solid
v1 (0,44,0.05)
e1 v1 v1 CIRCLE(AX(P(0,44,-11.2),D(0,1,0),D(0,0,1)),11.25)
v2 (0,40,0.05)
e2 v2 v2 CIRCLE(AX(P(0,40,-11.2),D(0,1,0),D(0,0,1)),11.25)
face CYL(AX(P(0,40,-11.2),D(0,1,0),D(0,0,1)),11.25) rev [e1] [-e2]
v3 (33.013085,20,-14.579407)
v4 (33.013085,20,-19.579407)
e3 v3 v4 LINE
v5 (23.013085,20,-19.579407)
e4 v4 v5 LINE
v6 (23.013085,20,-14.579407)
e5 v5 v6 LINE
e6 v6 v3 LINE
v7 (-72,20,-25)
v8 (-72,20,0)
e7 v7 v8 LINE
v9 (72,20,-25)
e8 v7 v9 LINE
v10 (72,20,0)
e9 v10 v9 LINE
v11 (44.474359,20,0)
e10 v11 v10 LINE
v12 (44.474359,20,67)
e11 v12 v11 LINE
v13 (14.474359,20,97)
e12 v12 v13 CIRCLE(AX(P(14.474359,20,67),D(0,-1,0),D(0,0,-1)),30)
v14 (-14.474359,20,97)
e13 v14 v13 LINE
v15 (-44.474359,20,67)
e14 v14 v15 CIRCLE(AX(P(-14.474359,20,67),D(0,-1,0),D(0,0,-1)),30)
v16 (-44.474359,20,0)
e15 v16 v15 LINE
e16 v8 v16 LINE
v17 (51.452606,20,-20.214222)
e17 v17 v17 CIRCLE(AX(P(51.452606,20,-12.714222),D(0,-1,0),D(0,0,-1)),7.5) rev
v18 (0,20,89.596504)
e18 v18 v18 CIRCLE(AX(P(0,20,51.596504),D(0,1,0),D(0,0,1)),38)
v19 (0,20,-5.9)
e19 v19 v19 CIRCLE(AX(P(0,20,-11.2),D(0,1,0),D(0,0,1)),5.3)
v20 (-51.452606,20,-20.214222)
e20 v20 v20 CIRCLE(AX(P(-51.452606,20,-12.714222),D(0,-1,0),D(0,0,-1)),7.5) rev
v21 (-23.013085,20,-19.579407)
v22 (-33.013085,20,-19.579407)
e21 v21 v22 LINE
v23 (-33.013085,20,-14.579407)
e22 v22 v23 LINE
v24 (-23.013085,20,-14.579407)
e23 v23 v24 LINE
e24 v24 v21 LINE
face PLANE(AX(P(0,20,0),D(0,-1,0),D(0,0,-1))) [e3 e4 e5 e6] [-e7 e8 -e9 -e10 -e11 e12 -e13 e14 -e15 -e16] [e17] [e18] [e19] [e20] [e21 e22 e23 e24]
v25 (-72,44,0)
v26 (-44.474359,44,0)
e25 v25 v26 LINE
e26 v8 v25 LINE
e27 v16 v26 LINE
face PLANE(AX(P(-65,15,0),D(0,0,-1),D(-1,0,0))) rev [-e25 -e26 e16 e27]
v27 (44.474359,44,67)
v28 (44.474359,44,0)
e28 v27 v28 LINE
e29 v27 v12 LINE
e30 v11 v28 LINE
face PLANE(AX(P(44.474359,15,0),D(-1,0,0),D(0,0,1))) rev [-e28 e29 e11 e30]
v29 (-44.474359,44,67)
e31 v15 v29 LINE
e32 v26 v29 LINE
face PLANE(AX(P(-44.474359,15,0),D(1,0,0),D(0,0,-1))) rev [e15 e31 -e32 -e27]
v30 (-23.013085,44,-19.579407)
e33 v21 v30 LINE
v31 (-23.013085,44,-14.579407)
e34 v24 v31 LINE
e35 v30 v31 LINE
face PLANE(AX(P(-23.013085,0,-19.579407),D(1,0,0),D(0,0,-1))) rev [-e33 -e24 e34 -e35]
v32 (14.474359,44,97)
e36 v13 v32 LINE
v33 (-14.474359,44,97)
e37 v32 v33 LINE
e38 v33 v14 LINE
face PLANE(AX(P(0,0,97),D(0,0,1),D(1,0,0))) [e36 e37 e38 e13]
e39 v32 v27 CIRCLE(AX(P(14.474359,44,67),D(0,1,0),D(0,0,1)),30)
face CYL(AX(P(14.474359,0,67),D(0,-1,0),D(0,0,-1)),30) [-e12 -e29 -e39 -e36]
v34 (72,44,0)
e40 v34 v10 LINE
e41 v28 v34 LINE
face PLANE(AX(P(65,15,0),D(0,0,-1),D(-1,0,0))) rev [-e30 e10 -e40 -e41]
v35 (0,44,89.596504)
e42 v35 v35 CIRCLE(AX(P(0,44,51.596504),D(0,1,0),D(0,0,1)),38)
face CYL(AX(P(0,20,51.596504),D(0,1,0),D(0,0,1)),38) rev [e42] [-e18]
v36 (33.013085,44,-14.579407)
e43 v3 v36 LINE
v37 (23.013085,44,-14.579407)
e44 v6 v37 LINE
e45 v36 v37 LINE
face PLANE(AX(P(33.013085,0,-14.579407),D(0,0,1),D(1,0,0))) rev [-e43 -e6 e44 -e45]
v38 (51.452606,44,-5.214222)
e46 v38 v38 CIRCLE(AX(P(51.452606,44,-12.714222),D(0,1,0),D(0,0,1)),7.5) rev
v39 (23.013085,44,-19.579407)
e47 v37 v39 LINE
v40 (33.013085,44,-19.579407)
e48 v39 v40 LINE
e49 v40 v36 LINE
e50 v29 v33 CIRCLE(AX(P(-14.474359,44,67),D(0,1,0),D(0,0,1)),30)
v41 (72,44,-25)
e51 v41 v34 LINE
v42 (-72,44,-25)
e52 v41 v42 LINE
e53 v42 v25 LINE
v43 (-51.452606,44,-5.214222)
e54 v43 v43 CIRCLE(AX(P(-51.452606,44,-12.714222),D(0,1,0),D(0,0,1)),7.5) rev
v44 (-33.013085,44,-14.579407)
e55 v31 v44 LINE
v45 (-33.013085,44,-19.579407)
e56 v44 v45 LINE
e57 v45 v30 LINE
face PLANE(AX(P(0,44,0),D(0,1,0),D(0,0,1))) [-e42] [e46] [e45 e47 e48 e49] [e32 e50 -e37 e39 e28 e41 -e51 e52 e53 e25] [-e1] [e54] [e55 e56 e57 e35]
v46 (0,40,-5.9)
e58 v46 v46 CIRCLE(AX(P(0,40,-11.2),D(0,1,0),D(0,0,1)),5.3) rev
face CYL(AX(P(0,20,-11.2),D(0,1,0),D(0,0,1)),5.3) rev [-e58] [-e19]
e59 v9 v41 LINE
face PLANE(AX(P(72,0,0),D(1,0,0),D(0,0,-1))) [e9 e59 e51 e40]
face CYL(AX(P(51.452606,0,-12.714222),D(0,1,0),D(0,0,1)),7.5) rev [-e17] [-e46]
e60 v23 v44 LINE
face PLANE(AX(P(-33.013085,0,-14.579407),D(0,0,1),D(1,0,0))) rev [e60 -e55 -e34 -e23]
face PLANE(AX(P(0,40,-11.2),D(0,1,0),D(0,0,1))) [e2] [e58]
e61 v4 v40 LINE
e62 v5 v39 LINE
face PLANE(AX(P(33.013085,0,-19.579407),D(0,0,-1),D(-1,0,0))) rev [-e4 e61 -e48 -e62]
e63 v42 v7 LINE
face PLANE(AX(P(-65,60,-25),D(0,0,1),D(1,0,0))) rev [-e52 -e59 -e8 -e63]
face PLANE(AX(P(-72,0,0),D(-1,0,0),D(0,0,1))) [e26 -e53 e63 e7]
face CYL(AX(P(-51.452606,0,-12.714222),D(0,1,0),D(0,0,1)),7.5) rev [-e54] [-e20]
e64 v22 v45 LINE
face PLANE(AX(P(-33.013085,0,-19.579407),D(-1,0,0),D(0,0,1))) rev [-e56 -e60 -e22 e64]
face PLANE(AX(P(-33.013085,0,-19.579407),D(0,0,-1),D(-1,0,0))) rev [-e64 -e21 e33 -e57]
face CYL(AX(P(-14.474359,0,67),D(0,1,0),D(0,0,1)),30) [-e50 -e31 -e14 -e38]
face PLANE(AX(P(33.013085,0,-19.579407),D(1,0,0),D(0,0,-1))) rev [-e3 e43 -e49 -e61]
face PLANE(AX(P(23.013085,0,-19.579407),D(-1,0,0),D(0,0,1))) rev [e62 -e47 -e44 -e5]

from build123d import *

# Parameters (mm, degrees)
BOSS_EXTRUDE1_DEPTH = 60
SKETCH2_R           = 7.5
CUT_EXTRUDE1_DEPTH  = 60
SKETCH3_R           = 5.25
CUT_EXTRUDE2_DEPTH  = 60
SKETCH4_R           = 11.5
CUT_EXTRUDE3_DEPTH  = 4
SKETCH5_W           = 10
SKETCH5_H           = 5
CUT_EXTRUDE4_DEPTH  = 60
SKETCH6_W           = 130
SKETCH6_H           = 90
BOSS_EXTRUDE2_DEPTH = 60
SKETCH8_W           = 130
SKETCH8_H           = 115
CUT_EXTRUDE6_DEPTH  = 20
SKETCH9_W           = 20.525641278
SKETCH9_H           = 90
CUT_EXTRUDE7_DEPTH  = 45
SKETCH7_R           = 38.5
CUT_EXTRUDE8_DEPTH  = 40
SKETCH12_W          = 88.948717444
SKETCH12_H          = 40
BOSS_EXTRUDE4_DEPTH = 7
SKETCH13_W          = 25
SKETCH13_H          = 40
BOSS_EXTRUDE5_DEPTH = 7
SKETCH14_W          = 25
SKETCH14_H          = 40
BOSS_EXTRUDE6_DEPTH = 7
SKETCH16_W          = 144.296296296
SKETCH16_H          = 122.248772368
CUT_EXTRUDE9_DEPTH  = 16
SKETCH23_R          = 10.574878896
BOSS_EXTRUDE7_DEPTH = 24
SKETCH24_R          = 5.3
CUT_EXTRUDE11_DEPTH = 24
SKETCH25_R          = 11.25
CUT_EXTRUDE12_DEPTH = 4
SKETCH26_R          = 41.241524366
BOSS_EXTRUDE8_DEPTH = 24
SKETCH27_R          = 38
CUT_EXTRUDE13_DEPTH = 24
FILLET2_R           = 30


with BuildPart() as part:
    # Sketch1 → Boss-Extrude1 (new body)
    with BuildSketch(Plane(origin=(0, 0, 0), x_dir=(1, 0, 0), z_dir=(0, 1, 0))):
        with BuildLine():
            Line((-65, 25), (65, 25))
            Line((65, 25), (65, -25))
            Line((65, -25), (32.897568299, -25))
            ThreePointArc((32.897568299, -25), (0, -6.5), (-32.897568299, -25))
            Line((-32.897568299, -25), (-65, -25))
            Line((-65, -25), (-65, 25))
        make_face()
    extrude(amount=BOSS_EXTRUDE1_DEPTH)

    # Sketch2 → Cut-Extrude1 (cut)
    with BuildSketch(Plane(origin=(0, 60, 0), x_dir=(1, 0, 0), z_dir=(0, 1, 0))):
        with Locations(Location((-51.452605548, 12.714222387, 0), (0, 0, 270))):
            Circle(SKETCH2_R)
        with Locations(Location((51.452605548, 12.714222387, 0), (0, 0, 90))):
            Circle(SKETCH2_R)
    extrude(amount=-CUT_EXTRUDE1_DEPTH, mode=Mode.SUBTRACT)

    # Sketch3 → Cut-Extrude2 (cut)
    with BuildSketch(Plane(origin=(0, 60, 0), x_dir=(1, 0, 0), z_dir=(0, 1, 0))):
        with Locations(Location((0, 12.714222387, 0), (0, 0, 270))):
            Circle(SKETCH3_R)
    extrude(amount=-CUT_EXTRUDE2_DEPTH, mode=Mode.SUBTRACT)

    # Sketch4 → Cut-Extrude3 (cut)
    with BuildSketch(Plane(origin=(0, 60, 0), x_dir=(1, 0, 0), z_dir=(0, 1, 0))):
        with Locations(Location((0, 12.714222387, 0), (0, 0, 270))):
            Circle(SKETCH4_R)
    extrude(amount=-CUT_EXTRUDE3_DEPTH, mode=Mode.SUBTRACT)

    # Sketch5 → Cut-Extrude4 (cut)
    with BuildSketch(Plane(origin=(0, 60, 0), x_dir=(1, 0, 0), z_dir=(0, 1, 0))):
        with Locations((-52.884181241, -16.580341224)):
            Rectangle(SKETCH5_W, SKETCH5_H)
        with Locations((-28.013085243, 17.079406564)):
            Rectangle(SKETCH5_W, SKETCH5_H)
        with Locations((52.884181241, -16.580341224)):
            Rectangle(SKETCH5_W, SKETCH5_H)
        with Locations((28.013085243, 17.079406564)):
            Rectangle(SKETCH5_W, SKETCH5_H)
    extrude(amount=-CUT_EXTRUDE4_DEPTH, mode=Mode.SUBTRACT)

    # Sketch6 → Boss-Extrude2 (add)
    with BuildSketch(Plane(origin=(0, 60, 0), x_dir=(1, 0, 0), z_dir=(0, 1, 0))):
        with Locations((0, -45)):
            Rectangle(SKETCH6_W, SKETCH6_H)
    extrude(amount=-BOSS_EXTRUDE2_DEPTH)

    # Sketch8 → Cut-Extrude6 (cut)
    with BuildSketch(Plane.XZ):
        with Locations((0, 32.5)):
            Rectangle(SKETCH8_W, SKETCH8_H)
    extrude(amount=-CUT_EXTRUDE6_DEPTH, mode=Mode.SUBTRACT)

    # Sketch9 → Cut-Extrude7 (cut)
    with BuildSketch(Plane(origin=(0, 60, 0), x_dir=(1, 0, 0), z_dir=(0, 1, 0))):
        with Locations((-54.737179361, -45)):
            Rectangle(SKETCH9_W, SKETCH9_H)
        with Locations((54.737179361, -45)):
            Rectangle(SKETCH9_W, SKETCH9_H)
    extrude(amount=-CUT_EXTRUDE7_DEPTH, mode=Mode.SUBTRACT)

    # Sketch7 → Cut-Extrude8 (cut)
    with BuildSketch(Plane(origin=(0, 60, 0), x_dir=(1, 0, 0), z_dir=(0, 1, 0))):
        with Locations(Location((0, -51.285777613, 0), (0, 0, 270))):
            Circle(SKETCH7_R)
    extrude(amount=-CUT_EXTRUDE8_DEPTH, mode=Mode.SUBTRACT)

    # Sketch12 → Boss-Extrude4 (add)
    with BuildSketch(Plane.XY.offset(90)):
        with Locations((0, 40)):
            Rectangle(SKETCH12_W, SKETCH12_H)
    extrude(amount=BOSS_EXTRUDE4_DEPTH)

    # Sketch13 → Boss-Extrude5 (add)
    with BuildSketch(Plane(origin=(65, 0, 0), x_dir=(0, 0, -1), z_dir=(1, 0, 0))):
        with Locations((12.5, 40)):
            Rectangle(SKETCH13_W, SKETCH13_H)
    extrude(amount=BOSS_EXTRUDE5_DEPTH)

    # Sketch14 → Boss-Extrude6 (add)
    with BuildSketch(Plane.ZY.offset(65)):
        with Locations((-12.5, 40)):
            Rectangle(SKETCH14_W, SKETCH14_H)
    extrude(amount=BOSS_EXTRUDE6_DEPTH)

    # Sketch16 → Cut-Extrude9 (cut)
    with BuildSketch(Plane(origin=(0, 60, 0), x_dir=(1, 0, 0), z_dir=(0, 1, 0))):
        with Locations((0.148148148, -36.124386184)):
            Rectangle(SKETCH16_W, SKETCH16_H)
    extrude(amount=-CUT_EXTRUDE9_DEPTH, mode=Mode.SUBTRACT)

    # Sketch23 → Boss-Extrude7 (add)
    with BuildSketch(Plane(origin=(0, 44, 0), x_dir=(1, 0, 0), z_dir=(0, 1, 0))):
        with Locations((0, 12.714222387)):
            Circle(SKETCH23_R)
    extrude(amount=-BOSS_EXTRUDE7_DEPTH)

    # Sketch24 → Cut-Extrude11 (cut)
    with BuildSketch(Plane(origin=(0, 44, 0), x_dir=(1, 0, 0), z_dir=(0, 1, 0))):
        with Locations(Location((0, 11.2, 0), (0, 0, 270))):
            Circle(SKETCH24_R)
    extrude(amount=-CUT_EXTRUDE11_DEPTH, mode=Mode.SUBTRACT)

    # Sketch25 → Cut-Extrude12 (cut)
    with BuildSketch(Plane(origin=(0, 44, 0), x_dir=(1, 0, 0), z_dir=(0, 1, 0))):
        with Locations(Location((0, 11.2, 0), (0, 0, 270))):
            Circle(SKETCH25_R)
    extrude(amount=-CUT_EXTRUDE12_DEPTH, mode=Mode.SUBTRACT)

    # Sketch26 → Boss-Extrude8 (add)
    with BuildSketch(Plane(origin=(0, 44, 0), x_dir=(1, 0, 0), z_dir=(0, 1, 0))):
        with Locations((0, -51.285777613)):
            Circle(SKETCH26_R)
    extrude(amount=-BOSS_EXTRUDE8_DEPTH)

    # Sketch27 → Cut-Extrude13 (cut)
    with BuildSketch(Plane(origin=(0, 44, 0), x_dir=(1, 0, 0), z_dir=(0, 1, 0))):
        with Locations(Location((0, -51.59650437, 0), (0, 0, 270))):
            Circle(SKETCH27_R)
    extrude(amount=-CUT_EXTRUDE13_DEPTH, mode=Mode.SUBTRACT)

    # Fillet2
    fillet2_edges = [part.edges().sort_by_distance(p)[0] for p in [
        (44.474358722, 32, 97),
        (-44.474358722, 32, 97),
    ]]
    fillet(fillet2_edges, radius=FILLET2_R)


solid = part.part
